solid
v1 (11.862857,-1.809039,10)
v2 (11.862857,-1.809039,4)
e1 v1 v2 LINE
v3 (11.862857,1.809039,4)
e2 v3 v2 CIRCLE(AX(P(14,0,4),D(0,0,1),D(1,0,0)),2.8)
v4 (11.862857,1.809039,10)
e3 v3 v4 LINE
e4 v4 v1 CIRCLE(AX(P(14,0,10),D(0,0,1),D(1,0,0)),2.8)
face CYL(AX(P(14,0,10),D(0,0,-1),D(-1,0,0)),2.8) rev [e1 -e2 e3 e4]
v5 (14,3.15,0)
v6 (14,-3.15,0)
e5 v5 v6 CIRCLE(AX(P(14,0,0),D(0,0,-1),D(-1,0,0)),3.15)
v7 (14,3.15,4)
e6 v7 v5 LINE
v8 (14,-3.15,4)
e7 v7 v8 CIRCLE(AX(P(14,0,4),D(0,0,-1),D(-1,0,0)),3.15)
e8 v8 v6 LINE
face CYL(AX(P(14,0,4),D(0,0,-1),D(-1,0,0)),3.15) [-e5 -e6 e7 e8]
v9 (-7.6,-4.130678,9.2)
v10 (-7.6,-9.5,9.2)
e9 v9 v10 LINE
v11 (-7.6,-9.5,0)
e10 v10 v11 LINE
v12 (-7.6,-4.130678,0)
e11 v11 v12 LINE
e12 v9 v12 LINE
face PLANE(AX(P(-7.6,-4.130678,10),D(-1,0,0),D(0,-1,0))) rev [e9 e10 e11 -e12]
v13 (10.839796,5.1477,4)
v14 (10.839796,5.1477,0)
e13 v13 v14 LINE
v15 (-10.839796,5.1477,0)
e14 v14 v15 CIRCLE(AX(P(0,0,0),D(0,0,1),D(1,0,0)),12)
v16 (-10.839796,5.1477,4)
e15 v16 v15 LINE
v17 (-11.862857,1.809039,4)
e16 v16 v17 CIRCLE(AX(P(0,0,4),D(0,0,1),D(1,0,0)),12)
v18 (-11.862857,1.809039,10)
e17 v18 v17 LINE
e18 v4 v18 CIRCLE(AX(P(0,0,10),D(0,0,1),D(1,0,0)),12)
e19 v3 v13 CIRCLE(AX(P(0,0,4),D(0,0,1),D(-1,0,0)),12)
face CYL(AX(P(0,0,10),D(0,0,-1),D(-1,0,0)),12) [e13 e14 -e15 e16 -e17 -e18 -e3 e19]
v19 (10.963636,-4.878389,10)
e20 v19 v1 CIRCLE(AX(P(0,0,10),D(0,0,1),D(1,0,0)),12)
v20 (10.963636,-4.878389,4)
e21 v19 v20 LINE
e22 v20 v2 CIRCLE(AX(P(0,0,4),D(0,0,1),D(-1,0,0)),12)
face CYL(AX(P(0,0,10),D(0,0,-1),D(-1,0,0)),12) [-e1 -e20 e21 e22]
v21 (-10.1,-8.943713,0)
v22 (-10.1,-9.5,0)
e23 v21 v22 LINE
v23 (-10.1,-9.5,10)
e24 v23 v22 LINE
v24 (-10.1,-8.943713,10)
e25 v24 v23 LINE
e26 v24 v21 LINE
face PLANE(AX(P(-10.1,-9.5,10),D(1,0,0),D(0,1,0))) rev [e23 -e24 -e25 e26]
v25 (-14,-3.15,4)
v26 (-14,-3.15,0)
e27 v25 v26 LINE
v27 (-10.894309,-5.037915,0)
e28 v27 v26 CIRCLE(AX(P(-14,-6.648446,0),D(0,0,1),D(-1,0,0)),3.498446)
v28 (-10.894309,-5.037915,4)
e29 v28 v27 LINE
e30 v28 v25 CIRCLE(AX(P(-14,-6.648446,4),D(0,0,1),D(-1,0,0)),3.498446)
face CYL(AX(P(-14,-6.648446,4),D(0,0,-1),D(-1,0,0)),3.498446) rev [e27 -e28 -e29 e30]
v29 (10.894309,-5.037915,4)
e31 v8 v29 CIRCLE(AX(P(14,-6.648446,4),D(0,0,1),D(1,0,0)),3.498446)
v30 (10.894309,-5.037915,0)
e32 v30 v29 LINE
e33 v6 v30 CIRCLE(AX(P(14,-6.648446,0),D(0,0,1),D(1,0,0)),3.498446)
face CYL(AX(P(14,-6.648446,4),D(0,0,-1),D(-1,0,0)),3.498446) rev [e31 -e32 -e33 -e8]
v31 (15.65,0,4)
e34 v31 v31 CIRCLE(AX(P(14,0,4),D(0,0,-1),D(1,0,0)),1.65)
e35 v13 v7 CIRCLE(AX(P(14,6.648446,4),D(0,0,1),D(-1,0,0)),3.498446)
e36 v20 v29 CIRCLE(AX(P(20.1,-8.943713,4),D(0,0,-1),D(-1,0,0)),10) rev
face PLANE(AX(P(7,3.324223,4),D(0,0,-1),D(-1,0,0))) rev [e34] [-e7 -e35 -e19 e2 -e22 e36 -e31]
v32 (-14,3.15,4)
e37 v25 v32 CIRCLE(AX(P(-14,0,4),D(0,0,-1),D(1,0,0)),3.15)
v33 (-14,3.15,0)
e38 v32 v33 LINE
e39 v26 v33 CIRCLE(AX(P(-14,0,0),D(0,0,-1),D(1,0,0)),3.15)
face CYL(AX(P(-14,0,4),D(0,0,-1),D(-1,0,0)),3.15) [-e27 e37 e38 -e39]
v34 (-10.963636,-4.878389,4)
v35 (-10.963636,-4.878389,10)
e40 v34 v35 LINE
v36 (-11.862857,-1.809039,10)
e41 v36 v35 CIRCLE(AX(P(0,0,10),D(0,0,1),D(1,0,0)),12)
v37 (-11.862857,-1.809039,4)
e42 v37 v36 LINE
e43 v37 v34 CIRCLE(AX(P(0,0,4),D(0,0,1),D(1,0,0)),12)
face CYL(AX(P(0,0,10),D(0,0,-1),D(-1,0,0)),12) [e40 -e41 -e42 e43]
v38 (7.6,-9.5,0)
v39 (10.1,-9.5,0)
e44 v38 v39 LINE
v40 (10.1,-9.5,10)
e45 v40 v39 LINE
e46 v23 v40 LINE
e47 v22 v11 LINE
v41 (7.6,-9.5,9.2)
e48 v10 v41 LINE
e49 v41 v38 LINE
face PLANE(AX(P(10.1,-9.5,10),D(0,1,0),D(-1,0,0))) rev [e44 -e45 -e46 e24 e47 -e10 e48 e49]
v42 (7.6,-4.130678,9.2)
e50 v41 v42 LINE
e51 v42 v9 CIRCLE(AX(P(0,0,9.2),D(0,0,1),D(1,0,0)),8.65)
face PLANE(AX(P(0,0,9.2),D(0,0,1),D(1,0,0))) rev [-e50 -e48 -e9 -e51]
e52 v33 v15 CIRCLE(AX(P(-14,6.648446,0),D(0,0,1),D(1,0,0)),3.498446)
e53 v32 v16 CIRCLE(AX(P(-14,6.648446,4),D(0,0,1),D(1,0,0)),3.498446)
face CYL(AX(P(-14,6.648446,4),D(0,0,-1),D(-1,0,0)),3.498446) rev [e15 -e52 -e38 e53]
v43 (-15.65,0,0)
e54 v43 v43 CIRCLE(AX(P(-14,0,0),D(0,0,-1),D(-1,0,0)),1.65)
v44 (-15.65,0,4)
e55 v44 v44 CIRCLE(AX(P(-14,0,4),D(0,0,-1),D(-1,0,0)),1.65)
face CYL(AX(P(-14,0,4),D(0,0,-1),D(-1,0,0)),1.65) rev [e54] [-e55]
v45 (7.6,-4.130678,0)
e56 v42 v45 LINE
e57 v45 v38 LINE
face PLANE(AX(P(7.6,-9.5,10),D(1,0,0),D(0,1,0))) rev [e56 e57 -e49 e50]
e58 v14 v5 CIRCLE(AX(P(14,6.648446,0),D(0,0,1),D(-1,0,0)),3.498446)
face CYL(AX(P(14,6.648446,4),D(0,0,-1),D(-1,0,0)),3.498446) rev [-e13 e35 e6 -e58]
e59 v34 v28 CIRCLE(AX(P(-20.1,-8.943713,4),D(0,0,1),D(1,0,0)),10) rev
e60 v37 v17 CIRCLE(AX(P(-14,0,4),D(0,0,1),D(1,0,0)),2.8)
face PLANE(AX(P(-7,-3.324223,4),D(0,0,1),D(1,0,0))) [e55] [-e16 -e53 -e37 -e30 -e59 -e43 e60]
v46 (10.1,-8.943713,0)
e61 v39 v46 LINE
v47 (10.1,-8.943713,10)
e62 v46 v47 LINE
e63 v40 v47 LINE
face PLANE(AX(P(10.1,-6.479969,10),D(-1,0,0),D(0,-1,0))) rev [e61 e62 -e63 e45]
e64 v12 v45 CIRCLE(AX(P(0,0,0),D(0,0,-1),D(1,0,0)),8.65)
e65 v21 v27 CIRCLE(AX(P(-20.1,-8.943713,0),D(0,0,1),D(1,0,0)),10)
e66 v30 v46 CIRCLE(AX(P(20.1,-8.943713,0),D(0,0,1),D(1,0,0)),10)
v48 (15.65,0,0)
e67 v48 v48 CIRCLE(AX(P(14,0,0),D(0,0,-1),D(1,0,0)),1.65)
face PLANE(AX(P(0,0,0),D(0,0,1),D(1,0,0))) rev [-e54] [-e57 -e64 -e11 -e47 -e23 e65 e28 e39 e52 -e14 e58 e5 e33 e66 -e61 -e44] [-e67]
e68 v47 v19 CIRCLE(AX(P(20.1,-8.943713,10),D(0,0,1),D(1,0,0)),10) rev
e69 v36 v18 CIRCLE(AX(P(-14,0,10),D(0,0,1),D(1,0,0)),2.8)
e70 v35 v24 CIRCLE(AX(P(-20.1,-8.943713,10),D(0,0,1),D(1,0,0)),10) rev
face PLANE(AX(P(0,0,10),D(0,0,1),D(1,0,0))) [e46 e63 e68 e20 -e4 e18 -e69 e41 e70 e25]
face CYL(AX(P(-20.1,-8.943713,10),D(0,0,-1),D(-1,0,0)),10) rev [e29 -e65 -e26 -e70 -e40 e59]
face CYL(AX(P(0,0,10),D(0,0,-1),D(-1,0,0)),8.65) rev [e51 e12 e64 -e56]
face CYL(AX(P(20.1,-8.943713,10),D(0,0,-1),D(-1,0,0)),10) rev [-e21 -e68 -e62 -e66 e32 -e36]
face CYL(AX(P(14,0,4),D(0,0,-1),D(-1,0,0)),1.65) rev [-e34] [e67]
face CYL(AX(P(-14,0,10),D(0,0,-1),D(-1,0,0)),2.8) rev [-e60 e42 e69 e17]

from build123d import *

# Parameters (mm, degrees)
BOSS_EXTRUDE1_DEPTH = 10
BOSS_EXTRUDE2_DEPTH = 0.8
FILLET1_R           = 10
SKETCH3_R           = 1.65
BOSS_EXTRUDE4_DEPTH = 4
SKETCH4_R           = 2.8
CUT_EXTRUDE1_DEPTH  = 7


with BuildPart() as part:
    # Sketch1 → Boss-Extrude1 (new body)
    with BuildSketch(Plane.XY):
        with BuildLine():
            Line((-7.6, -4.13067791), (-7.6, -9.5))
            Line((-7.6, -9.5), (-10.1, -9.5))
            Line((-10.1, -9.5), (-10.1, -6.479969136))
            ThreePointArc((-10.1, -6.479969136), (0, 12), (10.1, -6.479969136))
            Line((10.1, -6.479969136), (10.1, -9.5))
            Line((10.1, -9.5), (7.6, -9.5))
            Line((7.6, -9.5), (7.6, -4.13067791))
            ThreePointArc((7.6, -4.13067791), (0, 8.65), (-7.6, -4.13067791))
        make_face()
    extrude(amount=BOSS_EXTRUDE1_DEPTH)

    # Sketch2 → Boss-Extrude2 (add)
    with BuildSketch(Plane.XY.offset(10)):
        with BuildLine():
            Line((7.6, -4.13067791), (7.6, -9.5))
            Line((7.6, -9.5), (-7.6, -9.5))
            Line((-7.6, -9.5), (-7.6, -4.13067791))
            ThreePointArc((-7.6, -4.13067791), (0, 8.65), (7.6, -4.13067791))
        make_face()
    extrude(amount=-BOSS_EXTRUDE2_DEPTH)

    # Fillet1
    fillet1_edges = [part.edges().sort_by_distance(p)[0] for p in [
        (10.1, -6.479969136, 5),
        (-10.1, -6.479969136, 5),
    ]]
    fillet(fillet1_edges, radius=FILLET1_R)

    # Sketch3 → Boss-Extrude4 (add)
    with BuildSketch(Plane(origin=(0, 0, 0), x_dir=(-1, 0, 0), z_dir=(0, 0, -1))):
        with BuildLine():
            ThreePointArc((14, 3.15), (17.15, 0), (14, -3.15))
            ThreePointArc((14, -3.15), (12.130662272, -3.6913019), (10.839796225, -5.147700243))
            ThreePointArc((10.839796225, -5.147700243), (12, 0), (10.839796225, 5.147700243))
            ThreePointArc((10.839796225, 5.147700243), (12.130662272, 3.6913019), (14, 3.15))
        make_face()
        with Locations((14, 0)):
            Circle(SKETCH3_R, mode=Mode.SUBTRACT)
        with BuildLine():
            ThreePointArc((-10.839796225, 5.147700243), (-12, 0), (-10.839796225, -5.147700243))
            ThreePointArc((-10.839796225, -5.147700243), (-12.130662272, -3.6913019), (-14, -3.15))
            ThreePointArc((-14, -3.15), (-17.15, 0), (-14, 3.15))
            ThreePointArc((-14, 3.15), (-12.130662272, 3.6913019), (-10.839796225, 5.147700243))
        make_face()
        with Locations((-14, 0)):
            Circle(SKETCH3_R, mode=Mode.SUBTRACT)
    extrude(amount=-BOSS_EXTRUDE4_DEPTH)

    # Sketch4 → Cut-Extrude1 (cut, through all)
    with BuildSketch(Plane.XY.offset(4)):
        with Locations((-14, 0)):
            Circle(SKETCH4_R)
        with Locations((14, 0)):
            Circle(SKETCH4_R)
    extrude(amount=CUT_EXTRUDE1_DEPTH, mode=Mode.SUBTRACT)


solid = part.part
